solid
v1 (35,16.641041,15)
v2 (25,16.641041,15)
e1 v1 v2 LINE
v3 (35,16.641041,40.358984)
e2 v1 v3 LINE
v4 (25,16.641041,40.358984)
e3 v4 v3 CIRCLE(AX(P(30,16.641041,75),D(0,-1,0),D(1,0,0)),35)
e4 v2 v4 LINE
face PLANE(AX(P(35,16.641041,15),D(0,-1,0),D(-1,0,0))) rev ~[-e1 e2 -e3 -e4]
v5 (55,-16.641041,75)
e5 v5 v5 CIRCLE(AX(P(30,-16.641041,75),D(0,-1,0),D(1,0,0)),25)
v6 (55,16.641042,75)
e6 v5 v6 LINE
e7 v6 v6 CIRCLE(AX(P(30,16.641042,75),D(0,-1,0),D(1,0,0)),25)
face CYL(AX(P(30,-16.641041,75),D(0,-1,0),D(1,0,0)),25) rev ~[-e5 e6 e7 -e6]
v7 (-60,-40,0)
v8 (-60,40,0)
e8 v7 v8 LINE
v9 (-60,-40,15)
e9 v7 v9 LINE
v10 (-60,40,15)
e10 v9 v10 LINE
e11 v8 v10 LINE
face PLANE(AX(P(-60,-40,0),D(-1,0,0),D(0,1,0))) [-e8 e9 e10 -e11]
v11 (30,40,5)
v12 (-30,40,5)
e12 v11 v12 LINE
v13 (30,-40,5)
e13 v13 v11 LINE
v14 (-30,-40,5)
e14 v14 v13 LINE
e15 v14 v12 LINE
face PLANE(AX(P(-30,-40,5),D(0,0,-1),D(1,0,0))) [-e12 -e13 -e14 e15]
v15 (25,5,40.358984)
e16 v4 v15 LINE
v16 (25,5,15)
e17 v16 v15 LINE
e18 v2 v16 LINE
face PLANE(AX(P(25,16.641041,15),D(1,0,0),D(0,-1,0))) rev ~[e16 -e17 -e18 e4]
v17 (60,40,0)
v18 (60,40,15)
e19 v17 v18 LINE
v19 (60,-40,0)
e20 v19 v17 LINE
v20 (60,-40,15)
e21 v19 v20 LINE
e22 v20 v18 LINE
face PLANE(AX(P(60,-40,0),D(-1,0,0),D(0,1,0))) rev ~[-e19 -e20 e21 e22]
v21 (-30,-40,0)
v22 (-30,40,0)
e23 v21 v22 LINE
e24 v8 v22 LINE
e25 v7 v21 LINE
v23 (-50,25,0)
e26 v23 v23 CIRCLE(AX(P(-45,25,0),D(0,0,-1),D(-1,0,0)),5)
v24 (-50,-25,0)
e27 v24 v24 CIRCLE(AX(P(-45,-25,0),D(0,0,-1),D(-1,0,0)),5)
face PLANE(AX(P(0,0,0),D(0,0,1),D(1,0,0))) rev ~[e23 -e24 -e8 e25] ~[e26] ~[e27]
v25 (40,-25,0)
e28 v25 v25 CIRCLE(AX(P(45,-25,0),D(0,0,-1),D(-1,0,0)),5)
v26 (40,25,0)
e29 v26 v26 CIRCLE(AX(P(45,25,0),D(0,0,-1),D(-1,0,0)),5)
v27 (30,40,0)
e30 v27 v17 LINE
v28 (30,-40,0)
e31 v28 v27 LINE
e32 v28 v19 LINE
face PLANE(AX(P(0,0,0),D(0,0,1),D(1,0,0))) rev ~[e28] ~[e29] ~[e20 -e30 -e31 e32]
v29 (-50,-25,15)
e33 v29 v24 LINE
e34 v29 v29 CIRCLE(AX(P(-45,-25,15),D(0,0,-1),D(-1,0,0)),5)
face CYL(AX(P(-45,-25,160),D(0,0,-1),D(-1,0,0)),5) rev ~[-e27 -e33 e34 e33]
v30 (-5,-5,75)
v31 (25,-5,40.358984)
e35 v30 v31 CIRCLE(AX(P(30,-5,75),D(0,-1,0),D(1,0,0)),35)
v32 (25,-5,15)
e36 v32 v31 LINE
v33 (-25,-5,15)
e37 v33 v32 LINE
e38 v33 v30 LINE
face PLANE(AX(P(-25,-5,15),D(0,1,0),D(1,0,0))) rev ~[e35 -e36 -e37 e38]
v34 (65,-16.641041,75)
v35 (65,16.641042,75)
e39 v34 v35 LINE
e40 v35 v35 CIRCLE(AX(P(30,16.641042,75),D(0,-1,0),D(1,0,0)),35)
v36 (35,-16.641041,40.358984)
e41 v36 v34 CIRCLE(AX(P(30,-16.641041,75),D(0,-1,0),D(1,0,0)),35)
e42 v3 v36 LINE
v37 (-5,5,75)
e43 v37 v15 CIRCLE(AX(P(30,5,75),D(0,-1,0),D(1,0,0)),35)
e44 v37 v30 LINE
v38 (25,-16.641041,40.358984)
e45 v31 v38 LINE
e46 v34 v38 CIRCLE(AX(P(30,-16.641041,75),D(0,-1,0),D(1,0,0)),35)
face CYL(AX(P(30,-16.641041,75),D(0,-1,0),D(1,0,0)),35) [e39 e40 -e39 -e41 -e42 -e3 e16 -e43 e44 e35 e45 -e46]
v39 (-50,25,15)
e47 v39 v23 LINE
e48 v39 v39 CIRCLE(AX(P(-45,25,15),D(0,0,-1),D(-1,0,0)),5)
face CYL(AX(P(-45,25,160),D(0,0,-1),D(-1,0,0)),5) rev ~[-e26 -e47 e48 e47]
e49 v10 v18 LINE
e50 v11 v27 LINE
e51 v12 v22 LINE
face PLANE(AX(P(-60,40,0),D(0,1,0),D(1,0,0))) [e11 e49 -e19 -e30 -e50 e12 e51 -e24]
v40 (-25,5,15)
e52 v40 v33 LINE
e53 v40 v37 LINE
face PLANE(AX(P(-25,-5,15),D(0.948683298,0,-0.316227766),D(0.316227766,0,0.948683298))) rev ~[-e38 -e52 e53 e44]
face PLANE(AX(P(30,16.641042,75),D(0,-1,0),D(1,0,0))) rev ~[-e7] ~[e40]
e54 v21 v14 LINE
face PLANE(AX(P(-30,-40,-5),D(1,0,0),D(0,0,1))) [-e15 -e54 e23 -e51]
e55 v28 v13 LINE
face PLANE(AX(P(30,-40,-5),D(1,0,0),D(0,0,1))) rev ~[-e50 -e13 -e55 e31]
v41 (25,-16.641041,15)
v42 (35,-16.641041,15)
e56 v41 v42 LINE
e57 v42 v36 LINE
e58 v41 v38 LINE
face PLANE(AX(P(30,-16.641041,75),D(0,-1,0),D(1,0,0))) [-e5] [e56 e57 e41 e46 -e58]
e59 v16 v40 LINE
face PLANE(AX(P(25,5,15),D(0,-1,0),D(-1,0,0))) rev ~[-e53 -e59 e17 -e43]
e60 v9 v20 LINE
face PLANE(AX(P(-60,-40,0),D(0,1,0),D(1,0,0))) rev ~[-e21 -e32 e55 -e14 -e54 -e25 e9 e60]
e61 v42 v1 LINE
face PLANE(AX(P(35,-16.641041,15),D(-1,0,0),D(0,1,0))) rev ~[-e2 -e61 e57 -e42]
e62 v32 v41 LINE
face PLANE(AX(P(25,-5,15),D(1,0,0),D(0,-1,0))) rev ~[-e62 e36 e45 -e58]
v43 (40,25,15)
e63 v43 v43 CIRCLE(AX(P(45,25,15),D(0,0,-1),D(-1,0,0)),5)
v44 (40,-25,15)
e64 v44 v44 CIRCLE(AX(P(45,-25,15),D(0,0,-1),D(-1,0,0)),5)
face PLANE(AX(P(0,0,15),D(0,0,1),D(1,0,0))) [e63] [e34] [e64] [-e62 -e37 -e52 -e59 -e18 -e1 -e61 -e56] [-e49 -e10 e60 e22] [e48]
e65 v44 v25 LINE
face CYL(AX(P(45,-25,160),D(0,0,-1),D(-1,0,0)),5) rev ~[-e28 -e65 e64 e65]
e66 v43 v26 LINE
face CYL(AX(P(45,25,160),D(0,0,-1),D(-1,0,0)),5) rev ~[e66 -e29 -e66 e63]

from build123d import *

# Parameters (mm, degrees)
F0_W      = 120
F0_H      = 80
F1_DEPTH  = 15
F2_W      = 60
F2_H      = 10
F3_DEPTH  = 80.001
F5_D      = 10
F7_DEPTH  = 60
F8_R      = 35
F9_DEPTH  = 33.282083
F10_R     = 25
F11_DEPTH = 56.642041
F13_DEPTH = 25


with BuildPart() as f1:
    # F0 (on Top) → F1 (new body)
    with BuildSketch(Plane.XY):
        Rectangle(F0_W, F0_H)
    extrude(amount=F1_DEPTH)

    # F2 (on face) → F3 (cut, through all)
    with BuildSketch(Plane.XZ.offset(40)):
        Rectangle(F2_W, F2_H)
    extrude(amount=-F3_DEPTH, mode=Mode.SUBTRACT)

    # F5 (through all)
    with Locations(Plane.XY.offset(15)):
        with Locations((-45, 25), (45, 25), (-45, -25), (45, -25)):
            Hole(F5_D / 2)

    # F6 (on face) → F7 (join)
    with BuildSketch(Plane.XY.offset(15)):
        Polygon((-25, -5), (25, -5), (25, -16.641041), (35, -16.641041), (35, -5), (35, 5), (35, 16.641041), (25, 16.641041), (25, 5), (-25, 5), align=None)
    extrude(amount=F7_DEPTH)

    # F8 (on face) → F9 (join, through all)
    with BuildSketch(Plane.XZ.offset(16.641041)):
        with Locations((30, 75)):
            Circle(F8_R)
    extrude(amount=-F9_DEPTH)

    # F10 (on face) → F11 (cut, through all)
    with BuildSketch(Plane.XZ.offset(16.641041)):
        with Locations((30, 75)):
            Circle(F10_R)
    extrude(amount=-F11_DEPTH, mode=Mode.SUBTRACT)

    # F12 (on face) → F13 (cut)
    with BuildSketch(Plane.XZ.offset(5)):
        Polygon((-25, 16.937228), (-25, 15), (-5, 75), (-25, 75), align=None)
    extrude(amount=-F13_DEPTH, mode=Mode.SUBTRACT)


solid = f1.part
